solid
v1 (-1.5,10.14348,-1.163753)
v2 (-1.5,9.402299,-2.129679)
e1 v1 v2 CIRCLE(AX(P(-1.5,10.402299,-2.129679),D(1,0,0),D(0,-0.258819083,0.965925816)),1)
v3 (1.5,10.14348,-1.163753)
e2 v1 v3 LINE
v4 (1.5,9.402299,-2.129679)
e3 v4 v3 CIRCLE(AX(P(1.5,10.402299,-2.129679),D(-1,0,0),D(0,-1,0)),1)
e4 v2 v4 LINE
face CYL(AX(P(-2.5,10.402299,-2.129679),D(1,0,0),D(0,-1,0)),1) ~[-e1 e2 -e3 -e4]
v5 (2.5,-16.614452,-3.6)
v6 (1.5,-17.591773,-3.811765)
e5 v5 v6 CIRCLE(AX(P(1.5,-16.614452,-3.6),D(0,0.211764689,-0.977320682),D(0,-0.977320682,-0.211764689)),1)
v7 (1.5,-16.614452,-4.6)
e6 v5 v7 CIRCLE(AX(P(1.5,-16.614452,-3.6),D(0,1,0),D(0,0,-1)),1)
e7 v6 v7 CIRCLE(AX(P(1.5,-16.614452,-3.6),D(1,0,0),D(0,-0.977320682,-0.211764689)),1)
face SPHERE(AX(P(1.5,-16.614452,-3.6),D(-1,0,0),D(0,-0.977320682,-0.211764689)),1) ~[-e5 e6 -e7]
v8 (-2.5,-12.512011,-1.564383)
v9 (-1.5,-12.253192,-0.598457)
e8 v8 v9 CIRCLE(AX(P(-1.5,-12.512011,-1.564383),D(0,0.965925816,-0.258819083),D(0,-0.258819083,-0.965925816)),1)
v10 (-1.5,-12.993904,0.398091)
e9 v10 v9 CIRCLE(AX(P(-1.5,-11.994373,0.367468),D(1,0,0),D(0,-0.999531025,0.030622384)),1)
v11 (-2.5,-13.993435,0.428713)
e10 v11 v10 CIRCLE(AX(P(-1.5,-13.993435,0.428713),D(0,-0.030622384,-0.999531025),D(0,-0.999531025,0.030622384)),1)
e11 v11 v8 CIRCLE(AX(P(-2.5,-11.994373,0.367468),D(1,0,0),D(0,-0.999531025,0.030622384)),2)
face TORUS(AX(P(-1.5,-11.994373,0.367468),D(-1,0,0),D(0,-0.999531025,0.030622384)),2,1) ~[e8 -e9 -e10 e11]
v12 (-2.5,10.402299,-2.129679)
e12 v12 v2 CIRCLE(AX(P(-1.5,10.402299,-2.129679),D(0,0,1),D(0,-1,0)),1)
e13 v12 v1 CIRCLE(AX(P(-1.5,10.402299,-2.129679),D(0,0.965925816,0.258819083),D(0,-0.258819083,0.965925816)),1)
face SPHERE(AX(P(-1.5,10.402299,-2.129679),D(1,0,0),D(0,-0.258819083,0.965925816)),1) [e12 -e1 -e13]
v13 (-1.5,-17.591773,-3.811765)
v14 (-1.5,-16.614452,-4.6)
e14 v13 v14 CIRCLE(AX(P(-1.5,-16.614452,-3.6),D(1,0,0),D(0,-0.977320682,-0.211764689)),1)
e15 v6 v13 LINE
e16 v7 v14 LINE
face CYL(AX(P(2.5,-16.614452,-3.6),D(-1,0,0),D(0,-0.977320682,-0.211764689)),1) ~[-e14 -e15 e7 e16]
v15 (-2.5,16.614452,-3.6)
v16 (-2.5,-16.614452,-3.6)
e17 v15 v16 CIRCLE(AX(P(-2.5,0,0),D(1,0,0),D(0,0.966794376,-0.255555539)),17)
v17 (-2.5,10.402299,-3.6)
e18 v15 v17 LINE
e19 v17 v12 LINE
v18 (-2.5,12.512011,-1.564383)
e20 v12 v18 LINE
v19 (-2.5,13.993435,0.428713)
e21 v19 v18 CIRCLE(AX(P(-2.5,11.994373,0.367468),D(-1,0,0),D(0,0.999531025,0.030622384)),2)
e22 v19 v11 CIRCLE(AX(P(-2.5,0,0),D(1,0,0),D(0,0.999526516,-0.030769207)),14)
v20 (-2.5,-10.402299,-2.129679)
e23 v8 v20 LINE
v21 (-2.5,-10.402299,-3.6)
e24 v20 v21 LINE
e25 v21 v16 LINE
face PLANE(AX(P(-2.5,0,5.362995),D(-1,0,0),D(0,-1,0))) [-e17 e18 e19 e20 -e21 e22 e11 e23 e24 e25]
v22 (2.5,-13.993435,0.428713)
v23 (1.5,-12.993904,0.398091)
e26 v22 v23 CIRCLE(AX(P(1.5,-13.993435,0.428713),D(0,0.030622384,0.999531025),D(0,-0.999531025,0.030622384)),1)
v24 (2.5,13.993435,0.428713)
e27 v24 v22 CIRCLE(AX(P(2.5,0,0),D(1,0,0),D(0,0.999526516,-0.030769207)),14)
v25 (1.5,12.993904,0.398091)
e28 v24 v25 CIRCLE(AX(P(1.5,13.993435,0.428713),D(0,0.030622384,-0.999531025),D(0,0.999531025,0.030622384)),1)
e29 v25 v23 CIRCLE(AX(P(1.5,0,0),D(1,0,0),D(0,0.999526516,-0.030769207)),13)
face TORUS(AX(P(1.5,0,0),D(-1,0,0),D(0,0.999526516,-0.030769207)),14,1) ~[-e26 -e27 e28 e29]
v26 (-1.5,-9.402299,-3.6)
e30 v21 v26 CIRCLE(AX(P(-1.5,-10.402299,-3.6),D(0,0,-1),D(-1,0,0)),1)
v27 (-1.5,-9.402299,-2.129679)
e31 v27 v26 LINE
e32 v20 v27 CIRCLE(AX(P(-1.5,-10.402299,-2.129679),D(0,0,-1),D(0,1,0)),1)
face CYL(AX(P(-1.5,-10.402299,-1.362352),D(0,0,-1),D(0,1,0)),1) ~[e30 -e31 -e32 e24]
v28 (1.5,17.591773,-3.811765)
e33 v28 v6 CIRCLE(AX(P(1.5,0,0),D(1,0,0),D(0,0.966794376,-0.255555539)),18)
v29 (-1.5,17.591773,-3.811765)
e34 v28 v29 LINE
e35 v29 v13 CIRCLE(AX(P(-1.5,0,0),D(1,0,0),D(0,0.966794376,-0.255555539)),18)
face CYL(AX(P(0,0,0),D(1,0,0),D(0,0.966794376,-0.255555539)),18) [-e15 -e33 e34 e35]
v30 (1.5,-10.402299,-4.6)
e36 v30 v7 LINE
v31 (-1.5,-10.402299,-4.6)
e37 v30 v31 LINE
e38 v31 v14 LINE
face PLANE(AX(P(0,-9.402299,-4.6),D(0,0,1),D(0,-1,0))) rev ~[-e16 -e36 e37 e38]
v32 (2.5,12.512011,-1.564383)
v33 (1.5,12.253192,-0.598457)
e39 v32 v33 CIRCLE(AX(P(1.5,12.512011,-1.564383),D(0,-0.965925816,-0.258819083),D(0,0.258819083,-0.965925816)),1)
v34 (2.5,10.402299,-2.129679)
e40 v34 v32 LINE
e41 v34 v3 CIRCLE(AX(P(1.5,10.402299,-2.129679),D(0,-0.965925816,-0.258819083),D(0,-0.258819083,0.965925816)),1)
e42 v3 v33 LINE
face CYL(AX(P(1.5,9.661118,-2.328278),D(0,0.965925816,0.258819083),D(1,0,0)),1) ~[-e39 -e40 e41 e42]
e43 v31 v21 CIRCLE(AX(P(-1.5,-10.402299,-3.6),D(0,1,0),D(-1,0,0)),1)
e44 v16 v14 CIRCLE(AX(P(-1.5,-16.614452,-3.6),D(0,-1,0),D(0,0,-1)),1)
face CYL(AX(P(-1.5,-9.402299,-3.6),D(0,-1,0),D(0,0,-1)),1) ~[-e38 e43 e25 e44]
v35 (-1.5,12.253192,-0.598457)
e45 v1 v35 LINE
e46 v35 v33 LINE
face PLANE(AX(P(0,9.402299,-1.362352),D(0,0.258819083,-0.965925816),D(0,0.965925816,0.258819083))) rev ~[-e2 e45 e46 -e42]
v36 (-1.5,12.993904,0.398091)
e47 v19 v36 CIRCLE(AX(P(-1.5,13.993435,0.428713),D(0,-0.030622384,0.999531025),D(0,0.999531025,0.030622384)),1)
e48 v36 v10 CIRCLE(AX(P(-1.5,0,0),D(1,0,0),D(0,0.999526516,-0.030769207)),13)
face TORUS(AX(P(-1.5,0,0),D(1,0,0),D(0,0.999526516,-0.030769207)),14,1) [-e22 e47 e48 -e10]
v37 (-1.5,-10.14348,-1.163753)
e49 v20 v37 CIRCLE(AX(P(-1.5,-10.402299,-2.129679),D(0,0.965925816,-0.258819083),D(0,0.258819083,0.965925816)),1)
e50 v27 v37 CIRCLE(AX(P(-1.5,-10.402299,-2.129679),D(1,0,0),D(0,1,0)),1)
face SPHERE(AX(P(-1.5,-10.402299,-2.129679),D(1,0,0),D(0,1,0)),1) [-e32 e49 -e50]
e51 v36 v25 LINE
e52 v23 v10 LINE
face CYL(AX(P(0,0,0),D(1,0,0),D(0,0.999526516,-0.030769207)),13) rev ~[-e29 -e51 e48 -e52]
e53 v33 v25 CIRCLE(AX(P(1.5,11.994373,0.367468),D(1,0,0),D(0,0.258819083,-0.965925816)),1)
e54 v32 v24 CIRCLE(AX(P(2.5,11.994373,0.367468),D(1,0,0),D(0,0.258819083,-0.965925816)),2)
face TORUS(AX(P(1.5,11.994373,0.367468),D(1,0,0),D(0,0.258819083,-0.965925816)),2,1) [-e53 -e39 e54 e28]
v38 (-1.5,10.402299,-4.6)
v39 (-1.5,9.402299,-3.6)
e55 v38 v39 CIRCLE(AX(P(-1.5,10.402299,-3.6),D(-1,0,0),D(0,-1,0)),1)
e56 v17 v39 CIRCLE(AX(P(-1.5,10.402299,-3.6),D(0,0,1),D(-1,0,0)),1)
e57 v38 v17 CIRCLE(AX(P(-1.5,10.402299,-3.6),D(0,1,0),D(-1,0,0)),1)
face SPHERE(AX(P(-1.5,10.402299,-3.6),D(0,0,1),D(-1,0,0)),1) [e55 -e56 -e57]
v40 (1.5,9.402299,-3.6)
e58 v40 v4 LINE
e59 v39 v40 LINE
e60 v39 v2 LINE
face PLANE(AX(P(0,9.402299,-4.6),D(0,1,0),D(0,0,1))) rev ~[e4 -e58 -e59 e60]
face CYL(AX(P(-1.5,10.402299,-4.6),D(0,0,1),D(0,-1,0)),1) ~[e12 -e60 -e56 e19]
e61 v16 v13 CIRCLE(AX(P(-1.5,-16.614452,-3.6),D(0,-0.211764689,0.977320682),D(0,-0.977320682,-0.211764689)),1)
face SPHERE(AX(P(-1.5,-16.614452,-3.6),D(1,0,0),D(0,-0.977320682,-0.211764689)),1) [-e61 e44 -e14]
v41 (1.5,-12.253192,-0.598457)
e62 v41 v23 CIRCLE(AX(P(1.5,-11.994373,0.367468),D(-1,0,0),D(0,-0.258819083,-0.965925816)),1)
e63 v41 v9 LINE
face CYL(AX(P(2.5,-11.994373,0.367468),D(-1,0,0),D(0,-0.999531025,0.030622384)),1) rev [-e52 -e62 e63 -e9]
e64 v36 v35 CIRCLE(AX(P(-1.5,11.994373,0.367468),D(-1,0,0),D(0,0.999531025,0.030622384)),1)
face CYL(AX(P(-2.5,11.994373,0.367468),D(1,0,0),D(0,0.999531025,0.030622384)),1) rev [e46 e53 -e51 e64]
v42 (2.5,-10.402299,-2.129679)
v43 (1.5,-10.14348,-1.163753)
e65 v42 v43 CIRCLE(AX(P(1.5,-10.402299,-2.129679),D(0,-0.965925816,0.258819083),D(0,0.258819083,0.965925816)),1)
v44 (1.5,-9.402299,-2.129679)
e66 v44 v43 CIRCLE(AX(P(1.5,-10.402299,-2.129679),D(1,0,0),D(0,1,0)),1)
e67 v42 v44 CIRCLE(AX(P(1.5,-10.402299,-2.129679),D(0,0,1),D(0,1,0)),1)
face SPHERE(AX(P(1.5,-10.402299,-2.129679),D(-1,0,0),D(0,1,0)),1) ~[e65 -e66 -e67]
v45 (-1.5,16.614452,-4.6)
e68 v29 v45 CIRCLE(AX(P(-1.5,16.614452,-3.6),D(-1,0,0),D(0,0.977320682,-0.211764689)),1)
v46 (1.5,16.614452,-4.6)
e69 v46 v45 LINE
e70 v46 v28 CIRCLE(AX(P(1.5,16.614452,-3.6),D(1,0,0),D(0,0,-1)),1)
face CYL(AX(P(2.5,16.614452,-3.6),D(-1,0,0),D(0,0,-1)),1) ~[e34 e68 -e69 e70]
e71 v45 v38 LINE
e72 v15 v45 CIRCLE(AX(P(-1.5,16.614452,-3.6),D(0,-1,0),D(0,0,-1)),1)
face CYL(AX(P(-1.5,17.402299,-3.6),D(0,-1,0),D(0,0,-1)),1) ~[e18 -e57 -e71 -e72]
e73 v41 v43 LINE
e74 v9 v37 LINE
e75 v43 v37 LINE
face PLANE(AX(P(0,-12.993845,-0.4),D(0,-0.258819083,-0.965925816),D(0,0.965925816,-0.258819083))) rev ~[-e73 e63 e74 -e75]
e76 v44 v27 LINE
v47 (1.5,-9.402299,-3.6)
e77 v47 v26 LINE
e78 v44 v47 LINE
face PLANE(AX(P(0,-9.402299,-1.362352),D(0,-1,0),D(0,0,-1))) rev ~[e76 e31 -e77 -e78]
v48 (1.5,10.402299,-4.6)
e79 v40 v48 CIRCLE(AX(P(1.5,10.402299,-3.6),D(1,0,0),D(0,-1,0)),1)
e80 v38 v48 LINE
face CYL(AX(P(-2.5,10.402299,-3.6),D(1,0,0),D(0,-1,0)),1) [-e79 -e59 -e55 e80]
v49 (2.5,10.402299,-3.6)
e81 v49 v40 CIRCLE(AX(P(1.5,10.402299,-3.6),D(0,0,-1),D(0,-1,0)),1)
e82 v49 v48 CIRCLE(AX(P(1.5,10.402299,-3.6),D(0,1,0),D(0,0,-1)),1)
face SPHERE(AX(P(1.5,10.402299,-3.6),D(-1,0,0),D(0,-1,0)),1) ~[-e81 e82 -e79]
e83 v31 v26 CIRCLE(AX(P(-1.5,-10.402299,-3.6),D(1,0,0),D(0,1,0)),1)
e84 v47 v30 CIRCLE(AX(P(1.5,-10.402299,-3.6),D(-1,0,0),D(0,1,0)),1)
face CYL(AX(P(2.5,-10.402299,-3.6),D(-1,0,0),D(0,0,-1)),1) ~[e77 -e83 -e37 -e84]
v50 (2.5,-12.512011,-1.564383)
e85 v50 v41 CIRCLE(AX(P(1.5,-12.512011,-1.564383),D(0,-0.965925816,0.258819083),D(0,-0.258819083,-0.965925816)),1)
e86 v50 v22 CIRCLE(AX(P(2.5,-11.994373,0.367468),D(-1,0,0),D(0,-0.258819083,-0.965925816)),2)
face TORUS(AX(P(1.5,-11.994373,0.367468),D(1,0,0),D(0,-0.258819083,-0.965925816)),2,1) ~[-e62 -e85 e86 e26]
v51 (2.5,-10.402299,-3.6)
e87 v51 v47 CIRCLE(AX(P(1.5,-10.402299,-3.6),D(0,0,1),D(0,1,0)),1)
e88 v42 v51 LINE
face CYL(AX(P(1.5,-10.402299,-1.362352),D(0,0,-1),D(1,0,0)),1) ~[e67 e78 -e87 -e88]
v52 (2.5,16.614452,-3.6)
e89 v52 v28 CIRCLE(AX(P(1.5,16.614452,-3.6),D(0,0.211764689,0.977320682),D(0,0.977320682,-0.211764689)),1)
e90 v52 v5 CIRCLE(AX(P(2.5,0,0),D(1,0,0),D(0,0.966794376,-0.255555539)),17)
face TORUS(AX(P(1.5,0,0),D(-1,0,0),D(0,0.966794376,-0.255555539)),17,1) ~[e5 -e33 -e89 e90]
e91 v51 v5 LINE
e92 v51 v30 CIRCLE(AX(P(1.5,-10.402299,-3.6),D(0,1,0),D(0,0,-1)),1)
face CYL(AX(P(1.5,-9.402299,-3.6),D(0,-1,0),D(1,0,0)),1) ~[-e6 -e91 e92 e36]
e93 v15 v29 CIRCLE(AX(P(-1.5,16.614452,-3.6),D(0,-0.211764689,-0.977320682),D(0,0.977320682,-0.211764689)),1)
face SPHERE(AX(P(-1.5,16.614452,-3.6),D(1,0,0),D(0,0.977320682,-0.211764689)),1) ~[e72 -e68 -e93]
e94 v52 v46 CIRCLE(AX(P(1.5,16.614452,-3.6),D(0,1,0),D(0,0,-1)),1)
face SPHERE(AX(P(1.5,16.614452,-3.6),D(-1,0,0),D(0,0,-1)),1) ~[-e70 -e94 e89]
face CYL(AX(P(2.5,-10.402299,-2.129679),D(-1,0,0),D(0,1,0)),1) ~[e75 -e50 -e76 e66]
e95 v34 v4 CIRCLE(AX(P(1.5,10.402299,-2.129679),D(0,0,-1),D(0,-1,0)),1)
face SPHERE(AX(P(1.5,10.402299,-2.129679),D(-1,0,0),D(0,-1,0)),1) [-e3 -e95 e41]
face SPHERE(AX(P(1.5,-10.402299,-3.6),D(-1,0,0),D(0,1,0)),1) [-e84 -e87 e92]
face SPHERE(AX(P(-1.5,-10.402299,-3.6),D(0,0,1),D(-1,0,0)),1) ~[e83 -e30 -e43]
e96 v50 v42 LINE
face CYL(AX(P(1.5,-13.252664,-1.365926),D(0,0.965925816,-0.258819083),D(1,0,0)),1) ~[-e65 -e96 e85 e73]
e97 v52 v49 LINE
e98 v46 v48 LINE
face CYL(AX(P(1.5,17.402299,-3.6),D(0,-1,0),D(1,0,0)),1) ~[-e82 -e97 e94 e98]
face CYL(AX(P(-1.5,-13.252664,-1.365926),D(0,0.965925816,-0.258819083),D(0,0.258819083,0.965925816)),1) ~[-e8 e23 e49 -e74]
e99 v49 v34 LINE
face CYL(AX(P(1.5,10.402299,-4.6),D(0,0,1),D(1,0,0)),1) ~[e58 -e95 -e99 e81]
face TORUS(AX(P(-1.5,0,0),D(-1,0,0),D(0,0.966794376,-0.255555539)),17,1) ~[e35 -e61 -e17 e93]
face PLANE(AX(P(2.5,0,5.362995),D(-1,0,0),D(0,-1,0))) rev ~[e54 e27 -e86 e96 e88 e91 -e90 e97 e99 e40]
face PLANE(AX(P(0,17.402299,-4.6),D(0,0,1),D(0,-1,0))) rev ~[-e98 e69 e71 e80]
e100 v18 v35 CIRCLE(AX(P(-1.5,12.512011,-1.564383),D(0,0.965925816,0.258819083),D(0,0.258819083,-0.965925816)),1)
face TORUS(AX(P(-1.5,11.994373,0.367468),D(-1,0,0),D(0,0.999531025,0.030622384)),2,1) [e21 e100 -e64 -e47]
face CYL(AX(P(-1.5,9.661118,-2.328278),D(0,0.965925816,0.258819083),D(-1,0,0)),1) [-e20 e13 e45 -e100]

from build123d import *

# Parameters (mm, degrees)
PAD_DEPTH = 2.5
FILLET_R  = 1


with BuildPart() as part:
    # Sketch → Pad (new body, symmetric)
    with BuildSketch(Plane.YZ):
        with BuildLine():
            ThreePointArc((12.993845, -0.4), (0, 13), (-12.993845, -0.4))
            Line((-12.993845, -0.4), (-9.402299, -1.362352))
            Line((-9.402299, -1.362352), (-9.402299, -4.6))
            Line((-9.402299, -4.6), (-17.402299, -4.6))
            ThreePointArc((17.402299, -4.6), (0, 18), (-17.402299, -4.6))
            Line((17.402299, -4.6), (9.402299, -4.6))
            Line((9.402299, -4.6), (9.402299, -1.362352))
            Line((9.402299, -1.362352), (12.993845, -0.4))
        make_face()
    extrude(amount=PAD_DEPTH, both=True)

    # Fillet
    fillet_edges = [part.edges().sort_by_distance(p)[0] for p in [
        (0, -9.402299, -1.362352),
        (-2.5, -9.402299, -2.981176),
        (-2.5, 0, 13),
        (-2.5, 0, 18),
        (-2.5, 11.198072, -0.881176),
        (-2.5, 9.402299, -2.981176),
        (-2.5, -11.198072, -0.881176),
        (-2.5, -13.402299, -4.6),
        (-2.5, 13.402299, -4.6),
        (2.5, 0, 18),
        (0, 17.402299, -4.6),
        (0, -9.402299, -4.6),
        (2.5, -9.402299, -2.981176),
        (2.5, 0, 13),
        (0, -12.993845, -0.4),
        (0, 12.993845, -0.4),
        (0, 9.402299, -1.362352),
        (0, 9.402299, -4.6),
        (2.5, 9.402299, -2.981176),
        (2.5, 11.198072, -0.881176),
        (2.5, -11.198072, -0.881176),
        (2.5, -13.402299, -4.6),
        (2.5, 13.402299, -4.6),
        (0, -17.402299, -4.6),
    ]]
    fillet(fillet_edges, radius=FILLET_R)


solid = part.part
